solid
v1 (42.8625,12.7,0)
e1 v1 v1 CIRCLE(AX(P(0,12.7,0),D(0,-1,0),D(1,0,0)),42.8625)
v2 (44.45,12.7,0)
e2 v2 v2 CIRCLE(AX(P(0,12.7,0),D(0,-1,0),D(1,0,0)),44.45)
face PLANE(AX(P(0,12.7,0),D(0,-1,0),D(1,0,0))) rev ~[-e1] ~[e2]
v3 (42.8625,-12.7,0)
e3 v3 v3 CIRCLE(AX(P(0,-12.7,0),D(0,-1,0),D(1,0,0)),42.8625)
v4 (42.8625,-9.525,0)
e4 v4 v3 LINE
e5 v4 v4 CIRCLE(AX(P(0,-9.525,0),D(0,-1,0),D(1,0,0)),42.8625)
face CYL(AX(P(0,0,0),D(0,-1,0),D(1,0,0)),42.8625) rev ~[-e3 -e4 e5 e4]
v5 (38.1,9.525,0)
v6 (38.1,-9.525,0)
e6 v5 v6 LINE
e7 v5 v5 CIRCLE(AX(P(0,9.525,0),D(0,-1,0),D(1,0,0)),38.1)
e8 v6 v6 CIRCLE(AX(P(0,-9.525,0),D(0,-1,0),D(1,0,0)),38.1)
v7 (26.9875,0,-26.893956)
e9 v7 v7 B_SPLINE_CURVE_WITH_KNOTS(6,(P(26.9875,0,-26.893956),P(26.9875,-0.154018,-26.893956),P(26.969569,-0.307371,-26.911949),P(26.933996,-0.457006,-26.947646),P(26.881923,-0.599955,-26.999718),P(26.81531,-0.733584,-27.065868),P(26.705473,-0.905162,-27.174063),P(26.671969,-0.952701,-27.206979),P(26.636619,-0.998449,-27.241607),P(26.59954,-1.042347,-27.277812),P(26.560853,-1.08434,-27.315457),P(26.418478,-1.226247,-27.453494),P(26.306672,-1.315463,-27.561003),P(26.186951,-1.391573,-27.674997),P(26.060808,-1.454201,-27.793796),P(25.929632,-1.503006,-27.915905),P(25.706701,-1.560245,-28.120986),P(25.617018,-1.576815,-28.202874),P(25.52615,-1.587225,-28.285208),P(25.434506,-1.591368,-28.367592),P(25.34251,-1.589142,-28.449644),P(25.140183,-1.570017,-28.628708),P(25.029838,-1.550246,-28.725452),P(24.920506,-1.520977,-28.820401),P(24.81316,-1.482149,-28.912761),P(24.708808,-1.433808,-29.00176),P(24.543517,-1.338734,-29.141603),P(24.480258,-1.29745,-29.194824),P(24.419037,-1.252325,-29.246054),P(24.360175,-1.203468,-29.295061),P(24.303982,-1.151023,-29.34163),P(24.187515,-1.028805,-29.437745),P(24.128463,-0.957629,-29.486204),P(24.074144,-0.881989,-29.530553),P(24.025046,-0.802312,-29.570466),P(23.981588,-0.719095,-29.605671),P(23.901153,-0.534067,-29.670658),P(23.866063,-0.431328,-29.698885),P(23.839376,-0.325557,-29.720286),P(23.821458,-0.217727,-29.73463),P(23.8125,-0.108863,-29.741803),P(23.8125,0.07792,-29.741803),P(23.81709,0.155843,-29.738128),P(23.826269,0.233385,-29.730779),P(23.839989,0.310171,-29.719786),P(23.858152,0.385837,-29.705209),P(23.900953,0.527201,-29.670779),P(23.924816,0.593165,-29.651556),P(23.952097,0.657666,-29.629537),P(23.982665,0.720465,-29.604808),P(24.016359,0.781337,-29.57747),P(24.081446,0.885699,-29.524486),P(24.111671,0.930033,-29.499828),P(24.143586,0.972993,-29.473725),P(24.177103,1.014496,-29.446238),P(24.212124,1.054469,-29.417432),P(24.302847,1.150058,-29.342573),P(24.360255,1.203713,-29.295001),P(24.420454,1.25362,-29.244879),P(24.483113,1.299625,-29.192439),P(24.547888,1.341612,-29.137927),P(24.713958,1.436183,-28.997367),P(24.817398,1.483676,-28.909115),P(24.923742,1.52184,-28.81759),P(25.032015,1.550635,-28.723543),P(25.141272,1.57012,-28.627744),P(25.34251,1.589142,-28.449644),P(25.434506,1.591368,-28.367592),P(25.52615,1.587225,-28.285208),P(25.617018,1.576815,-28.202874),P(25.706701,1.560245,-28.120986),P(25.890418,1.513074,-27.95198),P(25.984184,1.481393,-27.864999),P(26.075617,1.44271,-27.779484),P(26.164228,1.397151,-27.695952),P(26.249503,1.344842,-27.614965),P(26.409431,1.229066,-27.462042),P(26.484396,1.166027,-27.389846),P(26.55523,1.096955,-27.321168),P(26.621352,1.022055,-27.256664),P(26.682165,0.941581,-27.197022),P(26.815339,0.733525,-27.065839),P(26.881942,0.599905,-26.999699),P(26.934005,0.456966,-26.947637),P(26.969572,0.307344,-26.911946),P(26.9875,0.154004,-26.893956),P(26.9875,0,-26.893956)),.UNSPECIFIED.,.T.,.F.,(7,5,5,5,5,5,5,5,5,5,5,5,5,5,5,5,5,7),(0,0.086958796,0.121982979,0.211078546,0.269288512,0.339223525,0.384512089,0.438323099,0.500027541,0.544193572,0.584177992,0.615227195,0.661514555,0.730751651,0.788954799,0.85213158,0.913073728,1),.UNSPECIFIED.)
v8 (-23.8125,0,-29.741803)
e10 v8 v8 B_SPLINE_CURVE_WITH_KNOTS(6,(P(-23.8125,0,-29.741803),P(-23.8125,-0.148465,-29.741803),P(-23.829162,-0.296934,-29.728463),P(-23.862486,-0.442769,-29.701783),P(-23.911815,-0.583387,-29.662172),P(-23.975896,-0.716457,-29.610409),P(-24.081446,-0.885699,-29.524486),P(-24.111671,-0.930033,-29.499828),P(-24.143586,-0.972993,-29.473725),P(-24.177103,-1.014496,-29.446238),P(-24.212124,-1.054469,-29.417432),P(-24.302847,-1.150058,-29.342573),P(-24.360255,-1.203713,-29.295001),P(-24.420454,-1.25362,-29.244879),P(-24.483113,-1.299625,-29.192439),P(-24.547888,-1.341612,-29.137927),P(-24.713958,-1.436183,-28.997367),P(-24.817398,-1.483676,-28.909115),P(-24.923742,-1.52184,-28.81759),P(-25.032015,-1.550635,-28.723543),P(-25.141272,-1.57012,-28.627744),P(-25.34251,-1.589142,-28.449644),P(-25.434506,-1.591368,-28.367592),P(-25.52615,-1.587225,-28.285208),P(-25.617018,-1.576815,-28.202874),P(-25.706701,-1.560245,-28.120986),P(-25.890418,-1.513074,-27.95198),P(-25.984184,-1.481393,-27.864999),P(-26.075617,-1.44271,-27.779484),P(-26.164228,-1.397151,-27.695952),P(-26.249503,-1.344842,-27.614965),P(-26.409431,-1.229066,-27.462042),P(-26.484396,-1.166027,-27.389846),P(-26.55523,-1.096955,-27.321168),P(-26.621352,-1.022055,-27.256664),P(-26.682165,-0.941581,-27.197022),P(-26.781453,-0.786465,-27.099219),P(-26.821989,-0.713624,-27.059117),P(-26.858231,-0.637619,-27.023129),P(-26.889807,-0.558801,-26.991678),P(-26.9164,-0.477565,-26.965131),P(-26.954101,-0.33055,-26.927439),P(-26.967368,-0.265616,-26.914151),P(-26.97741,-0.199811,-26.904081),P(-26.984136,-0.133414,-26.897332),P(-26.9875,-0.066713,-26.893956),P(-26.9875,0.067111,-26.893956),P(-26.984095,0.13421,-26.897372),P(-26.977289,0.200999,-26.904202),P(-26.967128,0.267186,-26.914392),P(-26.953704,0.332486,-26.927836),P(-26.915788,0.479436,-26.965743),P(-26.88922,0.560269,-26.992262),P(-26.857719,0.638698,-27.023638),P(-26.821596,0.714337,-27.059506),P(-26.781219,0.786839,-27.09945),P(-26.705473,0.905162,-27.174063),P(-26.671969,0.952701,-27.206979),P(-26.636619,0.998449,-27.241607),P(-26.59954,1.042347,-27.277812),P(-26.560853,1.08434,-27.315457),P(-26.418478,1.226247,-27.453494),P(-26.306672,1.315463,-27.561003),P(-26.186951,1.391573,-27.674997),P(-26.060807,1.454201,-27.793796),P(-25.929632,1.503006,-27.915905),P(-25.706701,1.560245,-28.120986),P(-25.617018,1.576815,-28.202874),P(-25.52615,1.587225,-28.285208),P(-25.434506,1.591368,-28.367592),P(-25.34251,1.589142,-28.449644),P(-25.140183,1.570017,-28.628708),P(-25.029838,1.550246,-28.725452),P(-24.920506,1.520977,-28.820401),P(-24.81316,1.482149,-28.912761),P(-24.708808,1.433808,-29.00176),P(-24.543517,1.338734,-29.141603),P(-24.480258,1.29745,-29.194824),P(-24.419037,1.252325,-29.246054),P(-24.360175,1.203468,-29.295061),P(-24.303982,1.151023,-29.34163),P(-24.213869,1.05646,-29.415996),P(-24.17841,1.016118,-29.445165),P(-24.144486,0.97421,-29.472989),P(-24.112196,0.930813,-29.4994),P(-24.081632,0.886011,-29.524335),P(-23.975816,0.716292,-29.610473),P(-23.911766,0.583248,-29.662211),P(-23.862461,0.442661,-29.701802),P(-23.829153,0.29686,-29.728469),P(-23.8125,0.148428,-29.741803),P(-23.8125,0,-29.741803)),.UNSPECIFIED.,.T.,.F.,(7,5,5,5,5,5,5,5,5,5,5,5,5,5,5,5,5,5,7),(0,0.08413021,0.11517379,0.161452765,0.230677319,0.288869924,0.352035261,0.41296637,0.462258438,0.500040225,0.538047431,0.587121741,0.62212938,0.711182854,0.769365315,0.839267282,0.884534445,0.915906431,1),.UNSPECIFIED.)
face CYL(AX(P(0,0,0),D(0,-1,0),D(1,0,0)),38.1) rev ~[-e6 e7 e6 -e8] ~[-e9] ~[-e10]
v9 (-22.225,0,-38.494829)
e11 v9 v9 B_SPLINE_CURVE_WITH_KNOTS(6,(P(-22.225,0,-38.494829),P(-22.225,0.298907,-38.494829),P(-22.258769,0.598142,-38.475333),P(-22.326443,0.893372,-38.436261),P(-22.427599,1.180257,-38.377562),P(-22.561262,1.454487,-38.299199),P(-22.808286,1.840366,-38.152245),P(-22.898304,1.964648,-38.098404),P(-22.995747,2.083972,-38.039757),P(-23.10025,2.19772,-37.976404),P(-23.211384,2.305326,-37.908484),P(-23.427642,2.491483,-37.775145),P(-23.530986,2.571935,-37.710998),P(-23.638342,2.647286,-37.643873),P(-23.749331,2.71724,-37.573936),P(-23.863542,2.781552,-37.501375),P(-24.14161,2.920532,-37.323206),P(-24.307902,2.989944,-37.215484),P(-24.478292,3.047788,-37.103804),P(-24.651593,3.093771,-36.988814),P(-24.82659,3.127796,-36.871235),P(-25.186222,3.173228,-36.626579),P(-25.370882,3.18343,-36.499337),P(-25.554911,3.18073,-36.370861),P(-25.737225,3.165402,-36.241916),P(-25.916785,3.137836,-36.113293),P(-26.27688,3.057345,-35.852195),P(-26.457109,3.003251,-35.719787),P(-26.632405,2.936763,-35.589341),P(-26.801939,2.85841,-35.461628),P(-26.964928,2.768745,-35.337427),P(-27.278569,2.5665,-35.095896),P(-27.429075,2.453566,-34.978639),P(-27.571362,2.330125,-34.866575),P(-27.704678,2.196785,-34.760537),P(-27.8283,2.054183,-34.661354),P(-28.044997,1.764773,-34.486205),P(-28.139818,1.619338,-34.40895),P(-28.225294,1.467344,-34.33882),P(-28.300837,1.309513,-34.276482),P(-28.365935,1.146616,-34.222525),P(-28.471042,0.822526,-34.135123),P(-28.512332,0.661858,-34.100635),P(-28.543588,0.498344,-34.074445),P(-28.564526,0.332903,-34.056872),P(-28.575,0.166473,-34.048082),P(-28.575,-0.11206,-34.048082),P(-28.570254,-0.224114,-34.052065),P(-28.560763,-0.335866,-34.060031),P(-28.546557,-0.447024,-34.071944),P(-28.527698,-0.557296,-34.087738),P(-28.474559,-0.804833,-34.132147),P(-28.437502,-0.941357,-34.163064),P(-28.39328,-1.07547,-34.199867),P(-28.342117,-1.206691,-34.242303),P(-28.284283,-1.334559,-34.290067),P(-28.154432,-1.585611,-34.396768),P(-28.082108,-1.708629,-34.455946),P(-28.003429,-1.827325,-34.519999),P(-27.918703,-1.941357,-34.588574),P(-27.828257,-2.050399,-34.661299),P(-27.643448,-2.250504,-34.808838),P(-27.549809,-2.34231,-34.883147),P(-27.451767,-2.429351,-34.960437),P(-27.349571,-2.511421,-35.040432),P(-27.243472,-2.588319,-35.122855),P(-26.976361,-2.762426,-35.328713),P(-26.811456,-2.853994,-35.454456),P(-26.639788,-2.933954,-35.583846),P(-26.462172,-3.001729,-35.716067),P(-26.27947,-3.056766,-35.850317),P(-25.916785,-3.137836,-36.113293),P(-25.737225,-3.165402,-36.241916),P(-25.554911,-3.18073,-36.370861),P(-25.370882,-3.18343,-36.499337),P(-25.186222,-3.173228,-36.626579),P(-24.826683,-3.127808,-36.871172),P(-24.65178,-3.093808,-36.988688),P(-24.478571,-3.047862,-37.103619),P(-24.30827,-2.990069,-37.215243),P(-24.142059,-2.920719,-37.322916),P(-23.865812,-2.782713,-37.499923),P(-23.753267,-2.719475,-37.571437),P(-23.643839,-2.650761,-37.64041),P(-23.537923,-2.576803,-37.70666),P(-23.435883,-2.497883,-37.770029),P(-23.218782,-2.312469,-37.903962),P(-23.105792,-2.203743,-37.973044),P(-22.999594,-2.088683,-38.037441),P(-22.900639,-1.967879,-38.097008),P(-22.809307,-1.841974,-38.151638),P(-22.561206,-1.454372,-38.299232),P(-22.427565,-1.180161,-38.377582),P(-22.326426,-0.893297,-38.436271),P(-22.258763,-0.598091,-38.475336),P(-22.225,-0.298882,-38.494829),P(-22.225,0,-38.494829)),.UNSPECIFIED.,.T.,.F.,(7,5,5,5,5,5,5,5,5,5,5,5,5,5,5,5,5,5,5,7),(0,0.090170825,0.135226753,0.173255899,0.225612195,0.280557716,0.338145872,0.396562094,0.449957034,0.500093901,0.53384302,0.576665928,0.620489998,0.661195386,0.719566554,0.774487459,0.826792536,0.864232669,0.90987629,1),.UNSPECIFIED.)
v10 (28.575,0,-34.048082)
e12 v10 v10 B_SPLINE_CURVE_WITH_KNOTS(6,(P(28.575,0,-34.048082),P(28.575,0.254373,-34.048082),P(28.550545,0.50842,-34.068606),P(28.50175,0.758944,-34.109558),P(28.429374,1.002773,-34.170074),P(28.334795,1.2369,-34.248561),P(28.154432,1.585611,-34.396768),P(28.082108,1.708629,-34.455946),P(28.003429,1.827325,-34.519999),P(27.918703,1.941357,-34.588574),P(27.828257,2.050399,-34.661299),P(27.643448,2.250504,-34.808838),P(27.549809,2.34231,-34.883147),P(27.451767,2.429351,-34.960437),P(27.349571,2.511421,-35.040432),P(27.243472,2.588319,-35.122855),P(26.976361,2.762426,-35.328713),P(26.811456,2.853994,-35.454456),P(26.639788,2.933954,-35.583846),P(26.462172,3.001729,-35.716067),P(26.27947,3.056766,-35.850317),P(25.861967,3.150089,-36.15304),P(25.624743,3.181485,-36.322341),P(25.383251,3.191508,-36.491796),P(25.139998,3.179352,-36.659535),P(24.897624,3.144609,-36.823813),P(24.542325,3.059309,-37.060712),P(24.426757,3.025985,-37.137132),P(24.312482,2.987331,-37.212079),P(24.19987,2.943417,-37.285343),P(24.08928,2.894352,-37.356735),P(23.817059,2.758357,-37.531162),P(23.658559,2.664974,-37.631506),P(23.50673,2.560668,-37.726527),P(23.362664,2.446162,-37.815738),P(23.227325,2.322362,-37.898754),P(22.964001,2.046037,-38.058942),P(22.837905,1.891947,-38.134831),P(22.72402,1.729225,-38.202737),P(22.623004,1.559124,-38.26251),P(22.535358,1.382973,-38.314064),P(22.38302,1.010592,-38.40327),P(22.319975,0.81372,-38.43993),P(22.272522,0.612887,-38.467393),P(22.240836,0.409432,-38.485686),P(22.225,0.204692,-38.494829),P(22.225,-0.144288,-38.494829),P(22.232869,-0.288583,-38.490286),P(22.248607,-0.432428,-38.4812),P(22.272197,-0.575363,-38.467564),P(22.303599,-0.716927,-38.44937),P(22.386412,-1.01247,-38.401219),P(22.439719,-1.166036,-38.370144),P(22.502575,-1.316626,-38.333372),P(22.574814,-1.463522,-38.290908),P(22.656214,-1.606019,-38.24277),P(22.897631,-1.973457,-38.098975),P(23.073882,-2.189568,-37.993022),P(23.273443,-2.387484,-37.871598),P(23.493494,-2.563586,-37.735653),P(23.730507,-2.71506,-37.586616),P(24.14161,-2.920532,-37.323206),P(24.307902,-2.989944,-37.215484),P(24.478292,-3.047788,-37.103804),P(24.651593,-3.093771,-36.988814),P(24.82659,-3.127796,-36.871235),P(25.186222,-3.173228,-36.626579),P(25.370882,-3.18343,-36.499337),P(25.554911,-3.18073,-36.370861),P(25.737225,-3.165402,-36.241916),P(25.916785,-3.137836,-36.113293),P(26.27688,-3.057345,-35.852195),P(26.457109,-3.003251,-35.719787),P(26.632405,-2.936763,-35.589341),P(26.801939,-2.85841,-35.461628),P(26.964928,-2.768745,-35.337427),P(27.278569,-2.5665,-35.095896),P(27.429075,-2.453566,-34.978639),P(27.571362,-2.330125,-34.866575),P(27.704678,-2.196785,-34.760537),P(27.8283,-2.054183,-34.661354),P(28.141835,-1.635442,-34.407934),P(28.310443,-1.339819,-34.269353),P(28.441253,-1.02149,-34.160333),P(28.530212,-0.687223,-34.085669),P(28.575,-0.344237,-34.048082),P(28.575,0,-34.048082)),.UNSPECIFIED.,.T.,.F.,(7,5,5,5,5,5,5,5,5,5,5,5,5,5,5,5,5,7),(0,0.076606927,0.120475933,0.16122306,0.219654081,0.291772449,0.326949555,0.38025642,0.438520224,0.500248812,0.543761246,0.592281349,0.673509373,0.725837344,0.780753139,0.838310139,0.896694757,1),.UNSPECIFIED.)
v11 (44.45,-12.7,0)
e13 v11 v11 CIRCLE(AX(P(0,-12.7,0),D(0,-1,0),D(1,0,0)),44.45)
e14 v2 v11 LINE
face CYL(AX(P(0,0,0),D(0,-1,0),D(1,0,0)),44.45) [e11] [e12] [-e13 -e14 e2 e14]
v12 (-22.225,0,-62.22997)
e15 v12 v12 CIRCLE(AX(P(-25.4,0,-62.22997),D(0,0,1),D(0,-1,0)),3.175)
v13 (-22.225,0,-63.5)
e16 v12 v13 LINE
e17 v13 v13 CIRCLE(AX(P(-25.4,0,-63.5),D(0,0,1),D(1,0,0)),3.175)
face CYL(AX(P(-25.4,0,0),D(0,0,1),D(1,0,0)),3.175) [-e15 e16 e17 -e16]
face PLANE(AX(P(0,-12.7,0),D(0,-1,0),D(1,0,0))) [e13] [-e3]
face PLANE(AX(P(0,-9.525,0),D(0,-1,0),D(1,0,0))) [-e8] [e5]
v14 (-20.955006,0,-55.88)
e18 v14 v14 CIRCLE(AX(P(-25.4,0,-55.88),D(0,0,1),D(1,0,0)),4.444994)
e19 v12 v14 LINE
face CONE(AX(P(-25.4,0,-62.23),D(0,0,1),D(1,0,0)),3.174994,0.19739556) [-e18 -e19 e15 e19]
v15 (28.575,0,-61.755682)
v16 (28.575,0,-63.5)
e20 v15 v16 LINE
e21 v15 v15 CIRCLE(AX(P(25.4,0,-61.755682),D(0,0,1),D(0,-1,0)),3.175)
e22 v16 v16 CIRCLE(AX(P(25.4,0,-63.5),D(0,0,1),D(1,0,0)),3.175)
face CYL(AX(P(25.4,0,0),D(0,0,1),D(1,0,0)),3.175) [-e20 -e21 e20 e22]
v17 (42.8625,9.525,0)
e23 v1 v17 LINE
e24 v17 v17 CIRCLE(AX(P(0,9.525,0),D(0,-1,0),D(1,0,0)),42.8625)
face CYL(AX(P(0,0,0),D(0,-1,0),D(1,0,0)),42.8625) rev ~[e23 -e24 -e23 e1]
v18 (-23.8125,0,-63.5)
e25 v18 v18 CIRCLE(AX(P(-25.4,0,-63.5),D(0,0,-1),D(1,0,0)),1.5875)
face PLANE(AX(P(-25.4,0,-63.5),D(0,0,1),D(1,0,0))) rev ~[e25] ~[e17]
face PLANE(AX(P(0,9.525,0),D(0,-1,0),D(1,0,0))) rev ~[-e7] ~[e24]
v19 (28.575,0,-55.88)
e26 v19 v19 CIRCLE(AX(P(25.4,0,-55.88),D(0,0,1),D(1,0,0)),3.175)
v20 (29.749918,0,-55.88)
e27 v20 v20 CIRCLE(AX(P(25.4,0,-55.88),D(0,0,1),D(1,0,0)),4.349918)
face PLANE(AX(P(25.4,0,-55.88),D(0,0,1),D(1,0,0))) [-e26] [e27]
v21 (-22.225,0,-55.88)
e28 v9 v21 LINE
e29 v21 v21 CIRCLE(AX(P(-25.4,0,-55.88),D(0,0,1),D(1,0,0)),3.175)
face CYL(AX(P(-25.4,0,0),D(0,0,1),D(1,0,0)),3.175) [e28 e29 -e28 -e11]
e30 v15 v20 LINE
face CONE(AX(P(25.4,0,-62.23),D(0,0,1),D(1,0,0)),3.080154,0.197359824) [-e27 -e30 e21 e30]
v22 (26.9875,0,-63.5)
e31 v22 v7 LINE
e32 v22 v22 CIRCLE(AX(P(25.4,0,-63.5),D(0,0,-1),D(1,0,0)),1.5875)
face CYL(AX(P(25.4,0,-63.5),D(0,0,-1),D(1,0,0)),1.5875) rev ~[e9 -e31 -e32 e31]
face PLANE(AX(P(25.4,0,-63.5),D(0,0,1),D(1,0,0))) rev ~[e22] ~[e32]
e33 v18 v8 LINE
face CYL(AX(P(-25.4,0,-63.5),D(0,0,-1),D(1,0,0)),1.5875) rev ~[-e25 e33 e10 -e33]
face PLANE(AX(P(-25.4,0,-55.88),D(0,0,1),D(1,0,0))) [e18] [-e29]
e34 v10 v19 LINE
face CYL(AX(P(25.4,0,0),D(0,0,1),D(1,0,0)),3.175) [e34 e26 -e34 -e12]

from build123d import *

# Parameters (mm, degrees)
F0_R      = 44.45
F1_DEPTH  = 12.7
F2_R      = 42.8625
F4_DEPTH  = 12.7
F3_R      = 42.8625
F5_DEPTH  = 9.525
F8_R      = 3.175
F9_DEPTH  = 63.5
F7_R      = 3.175
F10_DEPTH = 63.5
F15_R     = 1.5875
F16_DEPTH = 76.2
F17_R     = 1.5875
F18_DEPTH = 63.5
F6_R      = 38.1
F19_DEPTH = 12.7


with BuildPart() as f1:
    # F0 (on Front) → F1 (new body, symmetric)
    with BuildSketch(Plane.XZ):
        Circle(F0_R)
    extrude(amount=F1_DEPTH, both=True)

    # F2 (on Front) → F4 (cut, symmetric)
    with BuildSketch(Plane.XZ):
        Circle(F2_R)
    extrude(amount=F4_DEPTH, both=True, mode=Mode.SUBTRACT)

    # F3 (on Front) → F5 (join, symmetric)
    with BuildSketch(Plane.XZ):
        Circle(F3_R)
    extrude(amount=F5_DEPTH, both=True)

    # F8 (on Top) → F9 (join)
    with BuildSketch(Plane.XY):
        with Locations((25.4, 0)):
            Circle(F8_R)
    extrude(amount=-F9_DEPTH)

    # F7 (on Top) → F10 (join)
    with BuildSketch(Plane.XY):
        with Locations((-25.4, 0)):
            Circle(F7_R)
    extrude(amount=-F10_DEPTH)

    # F11 (on Front) → F12 (revolve)
    with BuildSketch(Plane.XZ):
        Polygon((28.479918, -55.88), (28.480154, -62.23), (29.749918, -55.88), align=None)
    revolve(axis=Axis((25.4, 0, -63.5), (0, 0, 1)))

    # F13 (on Front) → F14 (revolve)
    with BuildSketch(Plane.XZ):
        Polygon((-22.225006, -55.88), (-22.225006, -62.23), (-20.955006, -55.88), align=None)
    revolve(axis=Axis((-25.4, 0, -63.5), (0, 0, 1)))

    # F15 (on face) → F16 (cut)
    with BuildSketch(Plane(origin=(0, 0, -63.5), x_dir=(1, 0, 0), z_dir=(0, 0, -1))):
        with Locations((25.4, 0)):
            Circle(F15_R)
    extrude(amount=-F16_DEPTH, mode=Mode.SUBTRACT)

    # F17 (on face) → F18 (cut)
    with BuildSketch(Plane(origin=(0, 0, -63.5), x_dir=(1, 0, 0), z_dir=(0, 0, -1))):
        with Locations((-25.4, 0)):
            Circle(F17_R)
    extrude(amount=-F18_DEPTH, mode=Mode.SUBTRACT)

    # F6 (on Front) → F19 (cut, symmetric)
    with BuildSketch(Plane.XZ):
        Circle(F6_R)
    extrude(amount=F19_DEPTH, both=True, mode=Mode.SUBTRACT)


solid = f1.part
